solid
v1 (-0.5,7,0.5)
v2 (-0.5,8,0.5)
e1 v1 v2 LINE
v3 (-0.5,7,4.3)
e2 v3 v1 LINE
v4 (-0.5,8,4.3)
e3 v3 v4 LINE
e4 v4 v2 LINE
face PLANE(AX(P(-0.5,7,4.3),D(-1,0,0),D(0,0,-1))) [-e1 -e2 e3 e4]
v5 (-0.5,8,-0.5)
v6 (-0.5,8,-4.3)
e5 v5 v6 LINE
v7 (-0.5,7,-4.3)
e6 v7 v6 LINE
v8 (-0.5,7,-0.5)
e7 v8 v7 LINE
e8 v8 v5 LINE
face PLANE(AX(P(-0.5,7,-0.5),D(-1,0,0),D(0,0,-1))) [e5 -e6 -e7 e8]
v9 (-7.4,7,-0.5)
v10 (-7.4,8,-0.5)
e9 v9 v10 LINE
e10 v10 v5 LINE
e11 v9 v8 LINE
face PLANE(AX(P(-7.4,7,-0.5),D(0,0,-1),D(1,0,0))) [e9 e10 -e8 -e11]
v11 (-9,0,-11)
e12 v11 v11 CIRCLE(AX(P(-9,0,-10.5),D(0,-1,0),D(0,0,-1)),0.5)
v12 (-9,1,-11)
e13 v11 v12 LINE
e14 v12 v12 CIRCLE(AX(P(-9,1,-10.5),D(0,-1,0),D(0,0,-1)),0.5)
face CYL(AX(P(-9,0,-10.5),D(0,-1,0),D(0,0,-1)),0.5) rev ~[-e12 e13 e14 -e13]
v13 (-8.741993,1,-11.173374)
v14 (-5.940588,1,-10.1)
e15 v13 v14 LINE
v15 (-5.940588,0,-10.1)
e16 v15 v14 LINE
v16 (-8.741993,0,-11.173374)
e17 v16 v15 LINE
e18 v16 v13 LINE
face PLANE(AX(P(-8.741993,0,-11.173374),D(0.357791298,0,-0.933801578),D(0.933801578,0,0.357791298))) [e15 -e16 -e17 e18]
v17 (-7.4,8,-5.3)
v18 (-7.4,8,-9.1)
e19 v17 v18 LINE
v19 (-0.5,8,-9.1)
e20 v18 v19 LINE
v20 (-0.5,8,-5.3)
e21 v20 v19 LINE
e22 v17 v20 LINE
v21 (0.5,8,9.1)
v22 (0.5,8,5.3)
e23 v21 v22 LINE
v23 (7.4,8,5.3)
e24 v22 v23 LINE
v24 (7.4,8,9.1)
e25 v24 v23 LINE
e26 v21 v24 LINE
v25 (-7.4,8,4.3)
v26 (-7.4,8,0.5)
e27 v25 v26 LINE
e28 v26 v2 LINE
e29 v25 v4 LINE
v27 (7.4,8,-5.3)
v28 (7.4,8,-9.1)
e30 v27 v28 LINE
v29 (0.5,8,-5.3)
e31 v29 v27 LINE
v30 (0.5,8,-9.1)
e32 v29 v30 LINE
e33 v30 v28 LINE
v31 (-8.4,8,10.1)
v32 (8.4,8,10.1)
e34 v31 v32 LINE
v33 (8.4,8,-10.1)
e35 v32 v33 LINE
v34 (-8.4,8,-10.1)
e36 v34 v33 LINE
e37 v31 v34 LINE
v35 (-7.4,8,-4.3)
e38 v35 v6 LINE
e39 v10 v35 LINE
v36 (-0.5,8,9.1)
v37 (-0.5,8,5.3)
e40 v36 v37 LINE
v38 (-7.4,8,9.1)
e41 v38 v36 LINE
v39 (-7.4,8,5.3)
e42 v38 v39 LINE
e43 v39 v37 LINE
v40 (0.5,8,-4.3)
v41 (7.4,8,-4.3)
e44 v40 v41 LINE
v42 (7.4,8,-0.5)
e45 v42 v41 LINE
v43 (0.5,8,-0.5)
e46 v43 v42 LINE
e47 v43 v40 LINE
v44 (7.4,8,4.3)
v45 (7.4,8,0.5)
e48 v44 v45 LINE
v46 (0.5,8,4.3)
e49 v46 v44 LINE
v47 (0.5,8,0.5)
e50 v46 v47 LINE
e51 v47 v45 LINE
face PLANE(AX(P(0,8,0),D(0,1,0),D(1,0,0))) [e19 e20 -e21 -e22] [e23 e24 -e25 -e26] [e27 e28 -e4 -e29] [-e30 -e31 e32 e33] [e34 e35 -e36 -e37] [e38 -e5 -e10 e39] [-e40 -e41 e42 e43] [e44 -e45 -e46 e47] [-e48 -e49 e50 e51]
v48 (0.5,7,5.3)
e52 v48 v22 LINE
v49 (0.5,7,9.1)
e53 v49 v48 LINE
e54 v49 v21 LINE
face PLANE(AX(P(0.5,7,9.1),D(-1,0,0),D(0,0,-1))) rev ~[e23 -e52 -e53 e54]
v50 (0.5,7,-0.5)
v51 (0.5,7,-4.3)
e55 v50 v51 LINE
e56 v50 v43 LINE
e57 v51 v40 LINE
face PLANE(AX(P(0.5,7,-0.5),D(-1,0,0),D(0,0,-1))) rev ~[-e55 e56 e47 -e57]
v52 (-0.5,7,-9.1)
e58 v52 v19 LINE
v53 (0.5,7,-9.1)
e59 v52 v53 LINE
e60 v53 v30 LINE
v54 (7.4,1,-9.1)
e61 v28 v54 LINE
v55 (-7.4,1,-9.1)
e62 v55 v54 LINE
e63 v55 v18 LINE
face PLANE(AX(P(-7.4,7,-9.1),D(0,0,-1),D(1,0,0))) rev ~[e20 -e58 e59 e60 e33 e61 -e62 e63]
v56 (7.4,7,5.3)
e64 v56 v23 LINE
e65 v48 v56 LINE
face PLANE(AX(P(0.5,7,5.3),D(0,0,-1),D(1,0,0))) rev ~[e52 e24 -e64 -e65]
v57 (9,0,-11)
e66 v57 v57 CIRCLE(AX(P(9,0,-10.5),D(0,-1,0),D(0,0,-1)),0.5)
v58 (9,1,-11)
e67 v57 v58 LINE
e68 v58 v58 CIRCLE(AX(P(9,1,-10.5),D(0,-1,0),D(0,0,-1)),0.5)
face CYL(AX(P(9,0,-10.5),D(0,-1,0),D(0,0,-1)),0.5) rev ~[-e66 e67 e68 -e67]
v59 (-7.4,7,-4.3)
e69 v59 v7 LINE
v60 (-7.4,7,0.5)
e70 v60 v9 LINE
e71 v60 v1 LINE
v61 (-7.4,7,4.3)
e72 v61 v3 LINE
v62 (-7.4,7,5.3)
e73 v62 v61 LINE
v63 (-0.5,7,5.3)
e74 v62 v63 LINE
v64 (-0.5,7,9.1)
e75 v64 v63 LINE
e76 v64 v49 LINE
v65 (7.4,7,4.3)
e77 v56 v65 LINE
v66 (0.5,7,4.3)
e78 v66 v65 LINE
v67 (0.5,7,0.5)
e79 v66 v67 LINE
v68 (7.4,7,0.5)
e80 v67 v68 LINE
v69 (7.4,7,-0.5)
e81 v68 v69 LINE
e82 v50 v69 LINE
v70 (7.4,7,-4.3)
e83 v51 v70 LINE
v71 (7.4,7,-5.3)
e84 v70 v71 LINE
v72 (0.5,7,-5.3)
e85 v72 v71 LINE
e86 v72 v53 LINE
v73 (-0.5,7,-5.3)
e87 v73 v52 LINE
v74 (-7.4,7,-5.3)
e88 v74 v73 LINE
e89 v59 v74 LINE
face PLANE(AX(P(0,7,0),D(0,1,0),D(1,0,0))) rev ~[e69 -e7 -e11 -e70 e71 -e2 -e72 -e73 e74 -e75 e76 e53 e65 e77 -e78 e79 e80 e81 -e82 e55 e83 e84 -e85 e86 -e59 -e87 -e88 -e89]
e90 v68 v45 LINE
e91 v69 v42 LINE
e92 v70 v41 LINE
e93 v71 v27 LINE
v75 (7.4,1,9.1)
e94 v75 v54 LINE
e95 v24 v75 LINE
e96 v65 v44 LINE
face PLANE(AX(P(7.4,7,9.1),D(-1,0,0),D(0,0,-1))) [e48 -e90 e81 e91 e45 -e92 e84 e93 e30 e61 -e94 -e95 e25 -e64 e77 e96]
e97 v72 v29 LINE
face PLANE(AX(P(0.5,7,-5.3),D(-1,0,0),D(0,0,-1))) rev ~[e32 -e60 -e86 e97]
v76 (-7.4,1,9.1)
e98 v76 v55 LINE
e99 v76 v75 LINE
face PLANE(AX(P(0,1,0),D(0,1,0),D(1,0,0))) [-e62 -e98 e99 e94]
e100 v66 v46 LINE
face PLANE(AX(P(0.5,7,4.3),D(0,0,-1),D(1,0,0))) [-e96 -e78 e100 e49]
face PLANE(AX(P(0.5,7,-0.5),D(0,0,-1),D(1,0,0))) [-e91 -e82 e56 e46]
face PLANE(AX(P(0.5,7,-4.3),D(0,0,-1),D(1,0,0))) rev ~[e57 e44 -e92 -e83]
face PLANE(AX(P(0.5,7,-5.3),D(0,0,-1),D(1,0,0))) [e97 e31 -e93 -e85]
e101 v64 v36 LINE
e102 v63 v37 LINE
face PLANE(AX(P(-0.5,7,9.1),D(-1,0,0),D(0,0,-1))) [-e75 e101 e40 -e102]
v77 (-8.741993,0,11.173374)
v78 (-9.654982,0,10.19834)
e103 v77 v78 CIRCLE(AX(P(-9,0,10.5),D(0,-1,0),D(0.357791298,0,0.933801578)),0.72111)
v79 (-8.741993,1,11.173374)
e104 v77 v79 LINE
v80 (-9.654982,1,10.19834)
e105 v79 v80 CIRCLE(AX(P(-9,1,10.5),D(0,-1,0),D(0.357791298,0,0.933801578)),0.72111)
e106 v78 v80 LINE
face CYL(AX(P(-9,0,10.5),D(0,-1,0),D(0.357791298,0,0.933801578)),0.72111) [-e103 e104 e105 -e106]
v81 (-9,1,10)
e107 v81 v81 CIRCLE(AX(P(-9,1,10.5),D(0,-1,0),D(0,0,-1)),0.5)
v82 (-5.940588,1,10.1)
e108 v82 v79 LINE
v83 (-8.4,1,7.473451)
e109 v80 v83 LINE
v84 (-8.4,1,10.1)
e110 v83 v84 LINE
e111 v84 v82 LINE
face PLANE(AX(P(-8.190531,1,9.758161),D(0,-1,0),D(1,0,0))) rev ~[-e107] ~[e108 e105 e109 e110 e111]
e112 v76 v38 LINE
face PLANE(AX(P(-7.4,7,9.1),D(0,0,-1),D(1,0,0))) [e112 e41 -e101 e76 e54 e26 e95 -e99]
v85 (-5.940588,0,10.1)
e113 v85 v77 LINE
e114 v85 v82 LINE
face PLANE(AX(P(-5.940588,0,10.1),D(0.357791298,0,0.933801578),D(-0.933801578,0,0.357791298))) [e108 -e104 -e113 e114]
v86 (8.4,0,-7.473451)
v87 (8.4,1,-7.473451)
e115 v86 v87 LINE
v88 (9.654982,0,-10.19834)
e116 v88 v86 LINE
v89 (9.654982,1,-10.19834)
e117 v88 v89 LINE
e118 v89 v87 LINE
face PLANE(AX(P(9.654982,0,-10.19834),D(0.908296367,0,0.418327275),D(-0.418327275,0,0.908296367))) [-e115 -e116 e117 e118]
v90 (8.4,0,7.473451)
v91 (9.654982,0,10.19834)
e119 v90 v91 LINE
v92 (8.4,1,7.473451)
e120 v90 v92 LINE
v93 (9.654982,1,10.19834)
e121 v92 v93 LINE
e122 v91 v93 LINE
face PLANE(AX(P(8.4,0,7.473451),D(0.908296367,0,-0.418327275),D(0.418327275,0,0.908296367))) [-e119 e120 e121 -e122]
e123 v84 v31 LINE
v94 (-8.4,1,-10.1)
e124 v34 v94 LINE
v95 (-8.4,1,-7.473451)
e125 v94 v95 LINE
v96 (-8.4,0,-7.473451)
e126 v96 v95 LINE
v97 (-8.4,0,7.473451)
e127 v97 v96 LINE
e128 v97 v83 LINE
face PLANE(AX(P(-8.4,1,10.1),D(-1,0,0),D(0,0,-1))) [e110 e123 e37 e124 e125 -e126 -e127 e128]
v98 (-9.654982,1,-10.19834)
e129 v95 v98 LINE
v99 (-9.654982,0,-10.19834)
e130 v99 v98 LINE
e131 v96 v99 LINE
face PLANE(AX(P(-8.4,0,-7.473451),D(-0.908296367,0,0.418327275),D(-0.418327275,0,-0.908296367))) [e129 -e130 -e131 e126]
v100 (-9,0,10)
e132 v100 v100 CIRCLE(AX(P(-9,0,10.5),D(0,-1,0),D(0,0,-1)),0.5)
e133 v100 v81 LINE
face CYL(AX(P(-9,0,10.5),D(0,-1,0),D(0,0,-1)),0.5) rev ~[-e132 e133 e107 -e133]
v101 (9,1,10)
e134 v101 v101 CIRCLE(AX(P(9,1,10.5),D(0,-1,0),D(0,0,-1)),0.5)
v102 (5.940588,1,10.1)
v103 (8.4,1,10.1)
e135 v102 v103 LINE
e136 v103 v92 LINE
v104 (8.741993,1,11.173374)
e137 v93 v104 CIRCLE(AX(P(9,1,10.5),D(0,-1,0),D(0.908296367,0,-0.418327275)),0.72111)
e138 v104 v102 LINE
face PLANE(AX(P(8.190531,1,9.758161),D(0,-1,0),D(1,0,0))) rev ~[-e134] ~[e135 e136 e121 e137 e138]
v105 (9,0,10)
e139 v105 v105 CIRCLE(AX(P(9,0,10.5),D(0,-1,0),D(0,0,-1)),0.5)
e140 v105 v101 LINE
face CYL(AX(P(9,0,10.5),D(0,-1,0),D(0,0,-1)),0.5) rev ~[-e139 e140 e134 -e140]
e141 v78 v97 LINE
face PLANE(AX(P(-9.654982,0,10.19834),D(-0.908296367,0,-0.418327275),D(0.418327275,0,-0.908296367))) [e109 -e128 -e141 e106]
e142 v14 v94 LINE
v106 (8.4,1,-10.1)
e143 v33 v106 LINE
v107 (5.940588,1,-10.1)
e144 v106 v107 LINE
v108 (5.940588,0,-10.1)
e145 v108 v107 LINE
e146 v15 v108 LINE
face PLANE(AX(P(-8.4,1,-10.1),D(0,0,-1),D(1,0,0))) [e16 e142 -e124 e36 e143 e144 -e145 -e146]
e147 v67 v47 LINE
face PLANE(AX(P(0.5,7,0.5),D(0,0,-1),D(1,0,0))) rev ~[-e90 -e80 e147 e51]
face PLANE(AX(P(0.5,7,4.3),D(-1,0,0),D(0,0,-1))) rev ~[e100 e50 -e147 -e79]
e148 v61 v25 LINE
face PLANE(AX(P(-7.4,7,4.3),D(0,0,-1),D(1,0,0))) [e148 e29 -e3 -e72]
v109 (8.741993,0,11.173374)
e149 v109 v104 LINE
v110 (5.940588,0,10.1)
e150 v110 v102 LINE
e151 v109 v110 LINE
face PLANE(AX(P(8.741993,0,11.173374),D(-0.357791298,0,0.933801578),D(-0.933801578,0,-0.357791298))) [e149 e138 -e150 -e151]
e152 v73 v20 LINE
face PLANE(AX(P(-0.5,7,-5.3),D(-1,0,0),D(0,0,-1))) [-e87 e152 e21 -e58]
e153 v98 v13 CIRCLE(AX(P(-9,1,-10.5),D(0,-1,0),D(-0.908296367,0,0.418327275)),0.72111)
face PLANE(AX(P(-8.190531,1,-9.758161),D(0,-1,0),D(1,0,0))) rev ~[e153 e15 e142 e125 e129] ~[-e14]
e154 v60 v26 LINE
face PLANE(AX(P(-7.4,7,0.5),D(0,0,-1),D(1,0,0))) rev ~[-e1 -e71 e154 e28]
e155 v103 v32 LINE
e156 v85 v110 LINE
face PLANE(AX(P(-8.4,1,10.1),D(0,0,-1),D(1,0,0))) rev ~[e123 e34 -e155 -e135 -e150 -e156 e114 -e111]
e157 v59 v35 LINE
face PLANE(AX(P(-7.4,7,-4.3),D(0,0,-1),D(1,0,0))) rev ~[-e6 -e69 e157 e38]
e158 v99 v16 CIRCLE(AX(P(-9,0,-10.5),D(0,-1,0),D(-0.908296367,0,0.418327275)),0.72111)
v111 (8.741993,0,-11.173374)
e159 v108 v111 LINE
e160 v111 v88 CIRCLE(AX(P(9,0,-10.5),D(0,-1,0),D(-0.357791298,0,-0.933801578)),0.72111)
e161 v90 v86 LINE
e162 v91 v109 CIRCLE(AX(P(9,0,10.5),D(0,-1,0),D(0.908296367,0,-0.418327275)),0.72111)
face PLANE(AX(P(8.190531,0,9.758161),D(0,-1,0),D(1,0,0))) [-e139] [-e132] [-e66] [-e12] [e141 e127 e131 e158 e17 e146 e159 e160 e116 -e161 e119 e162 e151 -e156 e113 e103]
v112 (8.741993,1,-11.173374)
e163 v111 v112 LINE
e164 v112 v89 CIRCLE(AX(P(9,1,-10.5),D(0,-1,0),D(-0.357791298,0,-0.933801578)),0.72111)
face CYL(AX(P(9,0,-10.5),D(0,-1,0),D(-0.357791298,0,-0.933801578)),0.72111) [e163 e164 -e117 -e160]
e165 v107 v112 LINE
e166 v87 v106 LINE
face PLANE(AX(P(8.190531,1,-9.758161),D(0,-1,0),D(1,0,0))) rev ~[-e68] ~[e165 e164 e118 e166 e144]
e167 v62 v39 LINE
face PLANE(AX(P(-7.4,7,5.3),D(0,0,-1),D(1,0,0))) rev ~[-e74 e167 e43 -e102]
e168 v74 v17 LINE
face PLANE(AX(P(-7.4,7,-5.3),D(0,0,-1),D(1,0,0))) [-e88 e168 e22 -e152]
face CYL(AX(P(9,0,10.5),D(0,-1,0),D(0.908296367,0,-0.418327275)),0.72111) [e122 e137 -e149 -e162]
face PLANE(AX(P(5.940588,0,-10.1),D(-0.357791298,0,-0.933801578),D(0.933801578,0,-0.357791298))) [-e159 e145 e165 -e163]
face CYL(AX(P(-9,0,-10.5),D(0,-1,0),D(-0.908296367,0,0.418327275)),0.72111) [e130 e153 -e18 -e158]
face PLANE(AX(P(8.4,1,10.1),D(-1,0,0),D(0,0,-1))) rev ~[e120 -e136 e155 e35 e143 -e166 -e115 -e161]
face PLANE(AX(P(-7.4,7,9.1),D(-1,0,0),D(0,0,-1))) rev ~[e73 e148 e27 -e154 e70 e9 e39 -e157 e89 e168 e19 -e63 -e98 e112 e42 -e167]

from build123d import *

# Parameters (mm, degrees)
SKETCH1_W           = 16.8
SKETCH1_H           = 20.2
SKETCH1_W_2         = 6.9
SKETCH1_H_2         = 3.8
BOSS_EXTRUDE1_DEPTH = 1
SKETCH2_W           = 16.8
SKETCH2_H           = 20.2
SKETCH2_W_2         = 6.9
SKETCH2_H_2         = 3.8
BOSS_EXTRUDE2_DEPTH = 1
SKETCH4_W           = 16.8
SKETCH4_H           = 20.2
SKETCH4_W_2         = 14.8
SKETCH4_H_2         = 18.2
BOSS_EXTRUDE3_DEPTH = 6
SKETCH5_R           = 0.5
BOSS_EXTRUDE4_DEPTH = 1


with BuildPart() as part:
    # Sketch1 → Boss-Extrude1 (new body)
    # profile 1 of 9: a face of its own
    with BuildSketch(Plane(origin=(0, 0, 0), x_dir=(1, 0, 0), z_dir=(0, 1, 0))):
        Rectangle(SKETCH1_W, SKETCH1_H)
        with Locations((3.95, 7.2)):
            Rectangle(SKETCH1_W_2, SKETCH1_H_2, mode=Mode.SUBTRACT)
        with Locations((3.95, 2.4)):
            Rectangle(SKETCH1_W_2, SKETCH1_H_2, mode=Mode.SUBTRACT)
        with Locations((-3.95, -2.4)):
            Rectangle(SKETCH1_W_2, SKETCH1_H_2, mode=Mode.SUBTRACT)
        with Locations((-3.95, -7.2)):
            Rectangle(SKETCH1_W_2, SKETCH1_H_2, mode=Mode.SUBTRACT)
        with Locations((3.95, -7.2)):
            Rectangle(SKETCH1_W_2, SKETCH1_H_2, mode=Mode.SUBTRACT)
        with Locations((3.95, -2.4)):
            Rectangle(SKETCH1_W_2, SKETCH1_H_2, mode=Mode.SUBTRACT)
        with Locations((-3.95, 7.2)):
            Rectangle(SKETCH1_W_2, SKETCH1_H_2, mode=Mode.SUBTRACT)
        with Locations((-3.95, 2.4)):
            Rectangle(SKETCH1_W_2, SKETCH1_H_2, mode=Mode.SUBTRACT)
    # profile 2 of 9: a face of its own
    with BuildSketch(Plane(origin=(0, 0, 0), x_dir=(1, 0, 0), z_dir=(0, 1, 0))):
        with Locations((-3.95, 2.4)):
            Rectangle(SKETCH1_W_2, SKETCH1_H_2)
    # profile 3 of 9: a face of its own
    with BuildSketch(Plane(origin=(0, 0, 0), x_dir=(1, 0, 0), z_dir=(0, 1, 0))):
        with Locations((-3.95, 7.2)):
            Rectangle(SKETCH1_W_2, SKETCH1_H_2)
    # profile 4 of 9: a face of its own
    with BuildSketch(Plane(origin=(0, 0, 0), x_dir=(1, 0, 0), z_dir=(0, 1, 0))):
        with Locations((3.95, 7.2)):
            Rectangle(SKETCH1_W_2, SKETCH1_H_2)
    # profile 5 of 9: a face of its own
    with BuildSketch(Plane(origin=(0, 0, 0), x_dir=(1, 0, 0), z_dir=(0, 1, 0))):
        with Locations((3.95, 2.4)):
            Rectangle(SKETCH1_W_2, SKETCH1_H_2)
    # profile 6 of 9: a face of its own
    with BuildSketch(Plane(origin=(0, 0, 0), x_dir=(1, 0, 0), z_dir=(0, 1, 0))):
        with Locations((3.95, -2.4)):
            Rectangle(SKETCH1_W_2, SKETCH1_H_2)
    # profile 7 of 9: a face of its own
    with BuildSketch(Plane(origin=(0, 0, 0), x_dir=(1, 0, 0), z_dir=(0, 1, 0))):
        with Locations((-3.95, -2.4)):
            Rectangle(SKETCH1_W_2, SKETCH1_H_2)
    # profile 8 of 9: a face of its own
    with BuildSketch(Plane(origin=(0, 0, 0), x_dir=(1, 0, 0), z_dir=(0, 1, 0))):
        with Locations((-3.95, -7.2)):
            Rectangle(SKETCH1_W_2, SKETCH1_H_2)
    # profile 9 of 9: a face of its own
    with BuildSketch(Plane(origin=(0, 0, 0), x_dir=(1, 0, 0), z_dir=(0, 1, 0))):
        with Locations((3.95, -7.2)):
            Rectangle(SKETCH1_W_2, SKETCH1_H_2)
    extrude(amount=BOSS_EXTRUDE1_DEPTH)



with BuildPart() as body_2:
    # Sketch2 → Boss-Extrude2 (new body)
    with BuildSketch(Plane(origin=(0, 7, 0), x_dir=(1, 0, 0), z_dir=(0, 1, 0))):
        Rectangle(SKETCH2_W, SKETCH2_H)
        with Locations((-3.95, -7.2)):
            Rectangle(SKETCH2_W_2, SKETCH2_H_2, mode=Mode.SUBTRACT)
        with Locations((3.95, -7.2)):
            Rectangle(SKETCH2_W_2, SKETCH2_H_2, mode=Mode.SUBTRACT)
        with Locations((3.95, -2.4)):
            Rectangle(SKETCH2_W_2, SKETCH2_H_2, mode=Mode.SUBTRACT)
        with Locations((-3.95, -2.4)):
            Rectangle(SKETCH2_W_2, SKETCH2_H_2, mode=Mode.SUBTRACT)
        with Locations((-3.95, 2.4)):
            Rectangle(SKETCH2_W_2, SKETCH2_H_2, mode=Mode.SUBTRACT)
        with Locations((3.95, 2.4)):
            Rectangle(SKETCH2_W_2, SKETCH2_H_2, mode=Mode.SUBTRACT)
        with Locations((3.95, 7.2)):
            Rectangle(SKETCH2_W_2, SKETCH2_H_2, mode=Mode.SUBTRACT)
        with Locations((-3.95, 7.2)):
            Rectangle(SKETCH2_W_2, SKETCH2_H_2, mode=Mode.SUBTRACT)
    extrude(amount=BOSS_EXTRUDE2_DEPTH)


with BuildPart() as part_1:
    add(part.part)

    add(body_2.part)  # Boss-Extrude3 merges body 2
    # Sketch4 → Boss-Extrude3 (add)
    with BuildSketch(Plane(origin=(0, 1, 0), x_dir=(1, 0, 0), z_dir=(0, 1, 0))):
        Rectangle(SKETCH4_W, SKETCH4_H)
        Rectangle(SKETCH4_W_2, SKETCH4_H_2, mode=Mode.SUBTRACT)
    extrude(amount=BOSS_EXTRUDE3_DEPTH)

    # Sketch5 → Boss-Extrude4 (add)
    # profile 1 of 4: a face of its own
    with BuildSketch(Plane.XZ):
        with BuildLine():
            Line((8.4, 7.47345081), (9.654981825, 10.198339912))
            ThreePointArc((9.654981825, 10.198339912), (9.526374462, 10.99287922), (8.741993026, 11.173373894))
            Line((8.741993026, 11.173373894), (5.940588292, 10.1))
            Line((5.940588292, 10.1), (8.4, 10.1))
            Line((8.4, 10.1), (8.4, 7.47345081))
        make_face()
        with Locations(Location((9, 10.5, 0), (0, 0, 270))):
            Circle(SKETCH5_R, mode=Mode.SUBTRACT)
    # profile 2 of 4: a face of its own
    with BuildSketch(Plane.XZ):
        with BuildLine():
            Line((9.654981825, -10.198339912), (8.4, -7.47345081))
            Line((8.4, -7.47345081), (8.4, -10.1))
            Line((8.4, -10.1), (5.940588292, -10.1))
            Line((5.940588292, -10.1), (8.741993026, -11.173373894))
            ThreePointArc((8.741993026, -11.173373894), (9.526374462, -10.99287922), (9.654981825, -10.198339912))
        make_face()
        with Locations(Location((9, -10.5, 0), (0, 0, 270))):
            Circle(SKETCH5_R, mode=Mode.SUBTRACT)
    # profile 3 of 4: a face of its own
    with BuildSketch(Plane.XZ):
        with BuildLine():
            Line((-8.4, 10.1), (-5.940588292, 10.1))
            Line((-5.940588292, 10.1), (-8.741993026, 11.173373894))
            ThreePointArc((-8.741993026, 11.173373894), (-9.526374462, 10.99287922), (-9.654981825, 10.198339912))
            Line((-9.654981825, 10.198339912), (-8.4, 7.47345081))
            Line((-8.4, 7.47345081), (-8.4, 10.1))
        make_face()
        with Locations(Location((-9, 10.5, 0), (0, 0, 270))):
            Circle(SKETCH5_R, mode=Mode.SUBTRACT)
    # profile 4 of 4: a face of its own
    with BuildSketch(Plane.XZ):
        with BuildLine():
            Line((-8.741993026, -11.173373894), (-5.940588292, -10.1))
            Line((-5.940588292, -10.1), (-8.4, -10.1))
            Line((-8.4, -10.1), (-8.4, -7.47345081))
            Line((-8.4, -7.47345081), (-9.654981825, -10.198339912))
            ThreePointArc((-9.654981825, -10.198339912), (-9.526374462, -10.99287922), (-8.741993026, -11.173373894))
        make_face()
        with Locations(Location((-9, -10.5, 0), (0, 0, 270))):
            Circle(SKETCH5_R, mode=Mode.SUBTRACT)
    extrude(amount=-BOSS_EXTRUDE4_DEPTH)


solid = part_1.part
